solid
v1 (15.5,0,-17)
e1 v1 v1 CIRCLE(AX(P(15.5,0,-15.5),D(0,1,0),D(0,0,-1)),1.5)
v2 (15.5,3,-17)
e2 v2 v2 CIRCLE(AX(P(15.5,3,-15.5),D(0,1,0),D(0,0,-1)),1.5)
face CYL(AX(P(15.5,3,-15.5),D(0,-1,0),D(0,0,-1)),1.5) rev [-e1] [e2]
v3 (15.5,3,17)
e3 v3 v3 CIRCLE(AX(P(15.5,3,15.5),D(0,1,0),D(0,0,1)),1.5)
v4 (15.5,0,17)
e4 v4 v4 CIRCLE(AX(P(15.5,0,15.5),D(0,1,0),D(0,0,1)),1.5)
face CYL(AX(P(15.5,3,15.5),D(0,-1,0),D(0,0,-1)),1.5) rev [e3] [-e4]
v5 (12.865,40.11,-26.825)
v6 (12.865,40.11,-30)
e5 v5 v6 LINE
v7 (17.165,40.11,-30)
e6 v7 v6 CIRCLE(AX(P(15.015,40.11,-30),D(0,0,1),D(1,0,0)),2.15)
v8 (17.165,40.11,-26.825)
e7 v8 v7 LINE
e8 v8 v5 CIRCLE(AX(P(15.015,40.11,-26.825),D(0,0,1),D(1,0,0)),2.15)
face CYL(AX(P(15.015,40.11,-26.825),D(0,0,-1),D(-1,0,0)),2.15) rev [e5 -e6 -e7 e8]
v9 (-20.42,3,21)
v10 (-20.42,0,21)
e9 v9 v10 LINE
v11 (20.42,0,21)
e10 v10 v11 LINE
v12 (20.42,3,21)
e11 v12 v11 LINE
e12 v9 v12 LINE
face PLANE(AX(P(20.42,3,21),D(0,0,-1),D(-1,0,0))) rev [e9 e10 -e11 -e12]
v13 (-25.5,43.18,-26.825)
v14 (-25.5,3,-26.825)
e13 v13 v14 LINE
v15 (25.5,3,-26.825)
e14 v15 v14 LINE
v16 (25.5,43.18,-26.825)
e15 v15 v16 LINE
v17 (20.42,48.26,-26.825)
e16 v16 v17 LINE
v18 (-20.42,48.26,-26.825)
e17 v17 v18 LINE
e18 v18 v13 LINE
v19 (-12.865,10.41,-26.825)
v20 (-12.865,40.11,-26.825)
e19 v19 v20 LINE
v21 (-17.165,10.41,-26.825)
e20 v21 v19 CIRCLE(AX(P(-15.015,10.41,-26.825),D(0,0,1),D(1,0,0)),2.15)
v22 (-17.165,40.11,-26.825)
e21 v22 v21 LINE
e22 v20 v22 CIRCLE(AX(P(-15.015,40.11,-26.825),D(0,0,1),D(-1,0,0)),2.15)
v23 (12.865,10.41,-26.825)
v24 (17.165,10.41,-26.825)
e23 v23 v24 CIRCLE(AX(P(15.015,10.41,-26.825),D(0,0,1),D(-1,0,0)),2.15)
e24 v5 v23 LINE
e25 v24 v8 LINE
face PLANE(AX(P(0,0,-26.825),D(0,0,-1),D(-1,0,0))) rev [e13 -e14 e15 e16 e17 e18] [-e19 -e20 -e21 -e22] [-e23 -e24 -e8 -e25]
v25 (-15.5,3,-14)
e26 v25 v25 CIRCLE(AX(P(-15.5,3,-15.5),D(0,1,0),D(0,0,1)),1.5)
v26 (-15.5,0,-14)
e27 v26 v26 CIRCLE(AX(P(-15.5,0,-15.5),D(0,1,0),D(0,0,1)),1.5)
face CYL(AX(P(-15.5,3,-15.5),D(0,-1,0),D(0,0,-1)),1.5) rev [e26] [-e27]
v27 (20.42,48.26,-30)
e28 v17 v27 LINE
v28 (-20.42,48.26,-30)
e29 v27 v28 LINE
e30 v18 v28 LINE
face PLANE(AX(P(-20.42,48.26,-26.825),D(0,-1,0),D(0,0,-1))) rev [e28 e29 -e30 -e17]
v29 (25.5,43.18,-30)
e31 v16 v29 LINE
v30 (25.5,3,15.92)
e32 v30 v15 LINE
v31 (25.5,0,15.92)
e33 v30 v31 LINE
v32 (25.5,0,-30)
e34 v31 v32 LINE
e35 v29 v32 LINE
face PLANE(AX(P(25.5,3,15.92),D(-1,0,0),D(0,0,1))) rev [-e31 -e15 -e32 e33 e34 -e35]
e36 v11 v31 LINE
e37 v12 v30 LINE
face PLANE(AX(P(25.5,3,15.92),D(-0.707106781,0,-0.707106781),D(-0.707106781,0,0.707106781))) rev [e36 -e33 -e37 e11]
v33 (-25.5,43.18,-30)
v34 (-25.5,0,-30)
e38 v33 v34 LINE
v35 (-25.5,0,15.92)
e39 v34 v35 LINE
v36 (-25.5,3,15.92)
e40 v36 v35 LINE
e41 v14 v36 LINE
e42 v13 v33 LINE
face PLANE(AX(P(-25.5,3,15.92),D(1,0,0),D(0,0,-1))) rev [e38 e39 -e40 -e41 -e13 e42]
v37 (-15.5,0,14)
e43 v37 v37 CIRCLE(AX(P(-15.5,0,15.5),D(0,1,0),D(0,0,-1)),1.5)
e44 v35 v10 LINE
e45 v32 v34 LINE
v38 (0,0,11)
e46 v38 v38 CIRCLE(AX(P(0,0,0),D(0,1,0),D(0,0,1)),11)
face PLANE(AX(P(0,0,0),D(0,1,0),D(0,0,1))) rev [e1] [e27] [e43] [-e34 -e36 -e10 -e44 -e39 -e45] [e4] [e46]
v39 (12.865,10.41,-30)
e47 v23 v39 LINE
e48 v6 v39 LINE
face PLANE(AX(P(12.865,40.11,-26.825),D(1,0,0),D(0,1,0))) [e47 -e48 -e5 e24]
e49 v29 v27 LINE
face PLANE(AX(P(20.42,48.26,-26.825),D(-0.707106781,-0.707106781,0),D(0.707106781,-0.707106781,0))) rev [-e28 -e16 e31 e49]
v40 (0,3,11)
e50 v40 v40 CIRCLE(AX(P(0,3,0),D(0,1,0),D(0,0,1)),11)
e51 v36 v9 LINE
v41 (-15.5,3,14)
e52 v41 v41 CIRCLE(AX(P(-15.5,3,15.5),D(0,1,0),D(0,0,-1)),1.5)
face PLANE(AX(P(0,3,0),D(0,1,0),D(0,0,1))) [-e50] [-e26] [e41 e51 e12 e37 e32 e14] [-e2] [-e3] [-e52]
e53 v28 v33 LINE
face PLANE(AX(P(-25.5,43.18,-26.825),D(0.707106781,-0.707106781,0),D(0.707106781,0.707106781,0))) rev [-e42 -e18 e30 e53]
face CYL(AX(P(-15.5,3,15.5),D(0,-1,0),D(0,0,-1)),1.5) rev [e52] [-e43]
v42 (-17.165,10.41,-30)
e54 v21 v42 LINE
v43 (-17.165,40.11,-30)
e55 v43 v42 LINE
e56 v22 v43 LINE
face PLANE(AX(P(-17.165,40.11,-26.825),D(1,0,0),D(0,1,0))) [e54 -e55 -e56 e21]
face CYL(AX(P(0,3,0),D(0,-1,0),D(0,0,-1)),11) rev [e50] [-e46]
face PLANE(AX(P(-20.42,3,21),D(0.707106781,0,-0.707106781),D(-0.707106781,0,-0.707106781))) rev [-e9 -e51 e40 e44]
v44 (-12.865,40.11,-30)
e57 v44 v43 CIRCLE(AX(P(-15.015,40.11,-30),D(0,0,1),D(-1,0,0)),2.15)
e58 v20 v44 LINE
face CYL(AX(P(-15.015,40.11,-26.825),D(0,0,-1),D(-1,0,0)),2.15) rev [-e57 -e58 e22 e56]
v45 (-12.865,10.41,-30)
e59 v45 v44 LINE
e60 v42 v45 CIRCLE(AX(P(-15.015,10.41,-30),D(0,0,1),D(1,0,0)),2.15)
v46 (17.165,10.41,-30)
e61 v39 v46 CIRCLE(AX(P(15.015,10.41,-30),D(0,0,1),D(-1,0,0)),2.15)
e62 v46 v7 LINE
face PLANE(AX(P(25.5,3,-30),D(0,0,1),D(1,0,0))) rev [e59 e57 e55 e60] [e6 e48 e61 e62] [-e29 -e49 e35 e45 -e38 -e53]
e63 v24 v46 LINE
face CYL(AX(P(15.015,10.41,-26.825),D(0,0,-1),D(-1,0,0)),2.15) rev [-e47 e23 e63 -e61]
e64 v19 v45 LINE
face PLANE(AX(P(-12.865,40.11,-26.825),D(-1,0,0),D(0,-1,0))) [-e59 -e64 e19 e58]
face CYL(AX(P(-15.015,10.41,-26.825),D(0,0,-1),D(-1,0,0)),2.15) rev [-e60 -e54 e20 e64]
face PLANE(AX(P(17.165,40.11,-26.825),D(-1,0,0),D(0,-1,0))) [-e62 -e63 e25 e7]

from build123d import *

# Parameters (mm, degrees)
SKETCH1_R           = 11
SKETCH1_R_2         = 1.5
BOSS_EXTRUDE1_DEPTH = 3
BOSS_EXTRUDE2_DEPTH = 3.175


with BuildPart() as part:
    # Sketch1 → Boss-Extrude1 (new body)
    with BuildSketch(Plane(origin=(0, 0, 0), x_dir=(1, 0, 0), z_dir=(0, 1, 0))):
        Polygon((20.42, -21), (-20.42, -21), (-25.5, -15.92), (-25.5, 30), (25.5, 30), (25.5, -15.92), align=None)
        Circle(SKETCH1_R, mode=Mode.SUBTRACT)
        with Locations((15.5, -15.5)):
            Circle(SKETCH1_R_2, mode=Mode.SUBTRACT)
        with Locations((-15.5, -15.5)):
            Circle(SKETCH1_R_2, mode=Mode.SUBTRACT)
        with Locations((-15.5, 15.5)):
            Circle(SKETCH1_R_2, mode=Mode.SUBTRACT)
        with Locations((15.5, 15.5)):
            Circle(SKETCH1_R_2, mode=Mode.SUBTRACT)
    extrude(amount=BOSS_EXTRUDE1_DEPTH)

    # Sketch2 → Boss-Extrude2 (add)
    with BuildSketch(Plane.XY.offset(-30)):
        Polygon((-25.5, 0), (25.5, 0), (25.5, 43.18), (20.42, 48.26), (-20.42, 48.26), (-25.5, 43.18), align=None)
        with BuildLine():
            Line((-17.165, 40.11), (-17.165, 10.41))
            ThreePointArc((-17.165, 10.41), (-15.015, 8.26), (-12.865, 10.41))
            Line((-12.865, 10.41), (-12.865, 40.11))
            ThreePointArc((-12.865, 40.11), (-15.015, 42.26), (-17.165, 40.11))
        make_face(mode=Mode.SUBTRACT)
        with BuildLine():
            Line((12.865, 40.11), (12.865, 10.41))
            ThreePointArc((12.865, 10.41), (15.015, 8.26), (17.165, 10.41))
            Line((17.165, 10.41), (17.165, 40.11))
            ThreePointArc((17.165, 40.11), (15.015, 42.26), (12.865, 40.11))
        make_face(mode=Mode.SUBTRACT)
    extrude(amount=BOSS_EXTRUDE2_DEPTH)


solid = part.part
